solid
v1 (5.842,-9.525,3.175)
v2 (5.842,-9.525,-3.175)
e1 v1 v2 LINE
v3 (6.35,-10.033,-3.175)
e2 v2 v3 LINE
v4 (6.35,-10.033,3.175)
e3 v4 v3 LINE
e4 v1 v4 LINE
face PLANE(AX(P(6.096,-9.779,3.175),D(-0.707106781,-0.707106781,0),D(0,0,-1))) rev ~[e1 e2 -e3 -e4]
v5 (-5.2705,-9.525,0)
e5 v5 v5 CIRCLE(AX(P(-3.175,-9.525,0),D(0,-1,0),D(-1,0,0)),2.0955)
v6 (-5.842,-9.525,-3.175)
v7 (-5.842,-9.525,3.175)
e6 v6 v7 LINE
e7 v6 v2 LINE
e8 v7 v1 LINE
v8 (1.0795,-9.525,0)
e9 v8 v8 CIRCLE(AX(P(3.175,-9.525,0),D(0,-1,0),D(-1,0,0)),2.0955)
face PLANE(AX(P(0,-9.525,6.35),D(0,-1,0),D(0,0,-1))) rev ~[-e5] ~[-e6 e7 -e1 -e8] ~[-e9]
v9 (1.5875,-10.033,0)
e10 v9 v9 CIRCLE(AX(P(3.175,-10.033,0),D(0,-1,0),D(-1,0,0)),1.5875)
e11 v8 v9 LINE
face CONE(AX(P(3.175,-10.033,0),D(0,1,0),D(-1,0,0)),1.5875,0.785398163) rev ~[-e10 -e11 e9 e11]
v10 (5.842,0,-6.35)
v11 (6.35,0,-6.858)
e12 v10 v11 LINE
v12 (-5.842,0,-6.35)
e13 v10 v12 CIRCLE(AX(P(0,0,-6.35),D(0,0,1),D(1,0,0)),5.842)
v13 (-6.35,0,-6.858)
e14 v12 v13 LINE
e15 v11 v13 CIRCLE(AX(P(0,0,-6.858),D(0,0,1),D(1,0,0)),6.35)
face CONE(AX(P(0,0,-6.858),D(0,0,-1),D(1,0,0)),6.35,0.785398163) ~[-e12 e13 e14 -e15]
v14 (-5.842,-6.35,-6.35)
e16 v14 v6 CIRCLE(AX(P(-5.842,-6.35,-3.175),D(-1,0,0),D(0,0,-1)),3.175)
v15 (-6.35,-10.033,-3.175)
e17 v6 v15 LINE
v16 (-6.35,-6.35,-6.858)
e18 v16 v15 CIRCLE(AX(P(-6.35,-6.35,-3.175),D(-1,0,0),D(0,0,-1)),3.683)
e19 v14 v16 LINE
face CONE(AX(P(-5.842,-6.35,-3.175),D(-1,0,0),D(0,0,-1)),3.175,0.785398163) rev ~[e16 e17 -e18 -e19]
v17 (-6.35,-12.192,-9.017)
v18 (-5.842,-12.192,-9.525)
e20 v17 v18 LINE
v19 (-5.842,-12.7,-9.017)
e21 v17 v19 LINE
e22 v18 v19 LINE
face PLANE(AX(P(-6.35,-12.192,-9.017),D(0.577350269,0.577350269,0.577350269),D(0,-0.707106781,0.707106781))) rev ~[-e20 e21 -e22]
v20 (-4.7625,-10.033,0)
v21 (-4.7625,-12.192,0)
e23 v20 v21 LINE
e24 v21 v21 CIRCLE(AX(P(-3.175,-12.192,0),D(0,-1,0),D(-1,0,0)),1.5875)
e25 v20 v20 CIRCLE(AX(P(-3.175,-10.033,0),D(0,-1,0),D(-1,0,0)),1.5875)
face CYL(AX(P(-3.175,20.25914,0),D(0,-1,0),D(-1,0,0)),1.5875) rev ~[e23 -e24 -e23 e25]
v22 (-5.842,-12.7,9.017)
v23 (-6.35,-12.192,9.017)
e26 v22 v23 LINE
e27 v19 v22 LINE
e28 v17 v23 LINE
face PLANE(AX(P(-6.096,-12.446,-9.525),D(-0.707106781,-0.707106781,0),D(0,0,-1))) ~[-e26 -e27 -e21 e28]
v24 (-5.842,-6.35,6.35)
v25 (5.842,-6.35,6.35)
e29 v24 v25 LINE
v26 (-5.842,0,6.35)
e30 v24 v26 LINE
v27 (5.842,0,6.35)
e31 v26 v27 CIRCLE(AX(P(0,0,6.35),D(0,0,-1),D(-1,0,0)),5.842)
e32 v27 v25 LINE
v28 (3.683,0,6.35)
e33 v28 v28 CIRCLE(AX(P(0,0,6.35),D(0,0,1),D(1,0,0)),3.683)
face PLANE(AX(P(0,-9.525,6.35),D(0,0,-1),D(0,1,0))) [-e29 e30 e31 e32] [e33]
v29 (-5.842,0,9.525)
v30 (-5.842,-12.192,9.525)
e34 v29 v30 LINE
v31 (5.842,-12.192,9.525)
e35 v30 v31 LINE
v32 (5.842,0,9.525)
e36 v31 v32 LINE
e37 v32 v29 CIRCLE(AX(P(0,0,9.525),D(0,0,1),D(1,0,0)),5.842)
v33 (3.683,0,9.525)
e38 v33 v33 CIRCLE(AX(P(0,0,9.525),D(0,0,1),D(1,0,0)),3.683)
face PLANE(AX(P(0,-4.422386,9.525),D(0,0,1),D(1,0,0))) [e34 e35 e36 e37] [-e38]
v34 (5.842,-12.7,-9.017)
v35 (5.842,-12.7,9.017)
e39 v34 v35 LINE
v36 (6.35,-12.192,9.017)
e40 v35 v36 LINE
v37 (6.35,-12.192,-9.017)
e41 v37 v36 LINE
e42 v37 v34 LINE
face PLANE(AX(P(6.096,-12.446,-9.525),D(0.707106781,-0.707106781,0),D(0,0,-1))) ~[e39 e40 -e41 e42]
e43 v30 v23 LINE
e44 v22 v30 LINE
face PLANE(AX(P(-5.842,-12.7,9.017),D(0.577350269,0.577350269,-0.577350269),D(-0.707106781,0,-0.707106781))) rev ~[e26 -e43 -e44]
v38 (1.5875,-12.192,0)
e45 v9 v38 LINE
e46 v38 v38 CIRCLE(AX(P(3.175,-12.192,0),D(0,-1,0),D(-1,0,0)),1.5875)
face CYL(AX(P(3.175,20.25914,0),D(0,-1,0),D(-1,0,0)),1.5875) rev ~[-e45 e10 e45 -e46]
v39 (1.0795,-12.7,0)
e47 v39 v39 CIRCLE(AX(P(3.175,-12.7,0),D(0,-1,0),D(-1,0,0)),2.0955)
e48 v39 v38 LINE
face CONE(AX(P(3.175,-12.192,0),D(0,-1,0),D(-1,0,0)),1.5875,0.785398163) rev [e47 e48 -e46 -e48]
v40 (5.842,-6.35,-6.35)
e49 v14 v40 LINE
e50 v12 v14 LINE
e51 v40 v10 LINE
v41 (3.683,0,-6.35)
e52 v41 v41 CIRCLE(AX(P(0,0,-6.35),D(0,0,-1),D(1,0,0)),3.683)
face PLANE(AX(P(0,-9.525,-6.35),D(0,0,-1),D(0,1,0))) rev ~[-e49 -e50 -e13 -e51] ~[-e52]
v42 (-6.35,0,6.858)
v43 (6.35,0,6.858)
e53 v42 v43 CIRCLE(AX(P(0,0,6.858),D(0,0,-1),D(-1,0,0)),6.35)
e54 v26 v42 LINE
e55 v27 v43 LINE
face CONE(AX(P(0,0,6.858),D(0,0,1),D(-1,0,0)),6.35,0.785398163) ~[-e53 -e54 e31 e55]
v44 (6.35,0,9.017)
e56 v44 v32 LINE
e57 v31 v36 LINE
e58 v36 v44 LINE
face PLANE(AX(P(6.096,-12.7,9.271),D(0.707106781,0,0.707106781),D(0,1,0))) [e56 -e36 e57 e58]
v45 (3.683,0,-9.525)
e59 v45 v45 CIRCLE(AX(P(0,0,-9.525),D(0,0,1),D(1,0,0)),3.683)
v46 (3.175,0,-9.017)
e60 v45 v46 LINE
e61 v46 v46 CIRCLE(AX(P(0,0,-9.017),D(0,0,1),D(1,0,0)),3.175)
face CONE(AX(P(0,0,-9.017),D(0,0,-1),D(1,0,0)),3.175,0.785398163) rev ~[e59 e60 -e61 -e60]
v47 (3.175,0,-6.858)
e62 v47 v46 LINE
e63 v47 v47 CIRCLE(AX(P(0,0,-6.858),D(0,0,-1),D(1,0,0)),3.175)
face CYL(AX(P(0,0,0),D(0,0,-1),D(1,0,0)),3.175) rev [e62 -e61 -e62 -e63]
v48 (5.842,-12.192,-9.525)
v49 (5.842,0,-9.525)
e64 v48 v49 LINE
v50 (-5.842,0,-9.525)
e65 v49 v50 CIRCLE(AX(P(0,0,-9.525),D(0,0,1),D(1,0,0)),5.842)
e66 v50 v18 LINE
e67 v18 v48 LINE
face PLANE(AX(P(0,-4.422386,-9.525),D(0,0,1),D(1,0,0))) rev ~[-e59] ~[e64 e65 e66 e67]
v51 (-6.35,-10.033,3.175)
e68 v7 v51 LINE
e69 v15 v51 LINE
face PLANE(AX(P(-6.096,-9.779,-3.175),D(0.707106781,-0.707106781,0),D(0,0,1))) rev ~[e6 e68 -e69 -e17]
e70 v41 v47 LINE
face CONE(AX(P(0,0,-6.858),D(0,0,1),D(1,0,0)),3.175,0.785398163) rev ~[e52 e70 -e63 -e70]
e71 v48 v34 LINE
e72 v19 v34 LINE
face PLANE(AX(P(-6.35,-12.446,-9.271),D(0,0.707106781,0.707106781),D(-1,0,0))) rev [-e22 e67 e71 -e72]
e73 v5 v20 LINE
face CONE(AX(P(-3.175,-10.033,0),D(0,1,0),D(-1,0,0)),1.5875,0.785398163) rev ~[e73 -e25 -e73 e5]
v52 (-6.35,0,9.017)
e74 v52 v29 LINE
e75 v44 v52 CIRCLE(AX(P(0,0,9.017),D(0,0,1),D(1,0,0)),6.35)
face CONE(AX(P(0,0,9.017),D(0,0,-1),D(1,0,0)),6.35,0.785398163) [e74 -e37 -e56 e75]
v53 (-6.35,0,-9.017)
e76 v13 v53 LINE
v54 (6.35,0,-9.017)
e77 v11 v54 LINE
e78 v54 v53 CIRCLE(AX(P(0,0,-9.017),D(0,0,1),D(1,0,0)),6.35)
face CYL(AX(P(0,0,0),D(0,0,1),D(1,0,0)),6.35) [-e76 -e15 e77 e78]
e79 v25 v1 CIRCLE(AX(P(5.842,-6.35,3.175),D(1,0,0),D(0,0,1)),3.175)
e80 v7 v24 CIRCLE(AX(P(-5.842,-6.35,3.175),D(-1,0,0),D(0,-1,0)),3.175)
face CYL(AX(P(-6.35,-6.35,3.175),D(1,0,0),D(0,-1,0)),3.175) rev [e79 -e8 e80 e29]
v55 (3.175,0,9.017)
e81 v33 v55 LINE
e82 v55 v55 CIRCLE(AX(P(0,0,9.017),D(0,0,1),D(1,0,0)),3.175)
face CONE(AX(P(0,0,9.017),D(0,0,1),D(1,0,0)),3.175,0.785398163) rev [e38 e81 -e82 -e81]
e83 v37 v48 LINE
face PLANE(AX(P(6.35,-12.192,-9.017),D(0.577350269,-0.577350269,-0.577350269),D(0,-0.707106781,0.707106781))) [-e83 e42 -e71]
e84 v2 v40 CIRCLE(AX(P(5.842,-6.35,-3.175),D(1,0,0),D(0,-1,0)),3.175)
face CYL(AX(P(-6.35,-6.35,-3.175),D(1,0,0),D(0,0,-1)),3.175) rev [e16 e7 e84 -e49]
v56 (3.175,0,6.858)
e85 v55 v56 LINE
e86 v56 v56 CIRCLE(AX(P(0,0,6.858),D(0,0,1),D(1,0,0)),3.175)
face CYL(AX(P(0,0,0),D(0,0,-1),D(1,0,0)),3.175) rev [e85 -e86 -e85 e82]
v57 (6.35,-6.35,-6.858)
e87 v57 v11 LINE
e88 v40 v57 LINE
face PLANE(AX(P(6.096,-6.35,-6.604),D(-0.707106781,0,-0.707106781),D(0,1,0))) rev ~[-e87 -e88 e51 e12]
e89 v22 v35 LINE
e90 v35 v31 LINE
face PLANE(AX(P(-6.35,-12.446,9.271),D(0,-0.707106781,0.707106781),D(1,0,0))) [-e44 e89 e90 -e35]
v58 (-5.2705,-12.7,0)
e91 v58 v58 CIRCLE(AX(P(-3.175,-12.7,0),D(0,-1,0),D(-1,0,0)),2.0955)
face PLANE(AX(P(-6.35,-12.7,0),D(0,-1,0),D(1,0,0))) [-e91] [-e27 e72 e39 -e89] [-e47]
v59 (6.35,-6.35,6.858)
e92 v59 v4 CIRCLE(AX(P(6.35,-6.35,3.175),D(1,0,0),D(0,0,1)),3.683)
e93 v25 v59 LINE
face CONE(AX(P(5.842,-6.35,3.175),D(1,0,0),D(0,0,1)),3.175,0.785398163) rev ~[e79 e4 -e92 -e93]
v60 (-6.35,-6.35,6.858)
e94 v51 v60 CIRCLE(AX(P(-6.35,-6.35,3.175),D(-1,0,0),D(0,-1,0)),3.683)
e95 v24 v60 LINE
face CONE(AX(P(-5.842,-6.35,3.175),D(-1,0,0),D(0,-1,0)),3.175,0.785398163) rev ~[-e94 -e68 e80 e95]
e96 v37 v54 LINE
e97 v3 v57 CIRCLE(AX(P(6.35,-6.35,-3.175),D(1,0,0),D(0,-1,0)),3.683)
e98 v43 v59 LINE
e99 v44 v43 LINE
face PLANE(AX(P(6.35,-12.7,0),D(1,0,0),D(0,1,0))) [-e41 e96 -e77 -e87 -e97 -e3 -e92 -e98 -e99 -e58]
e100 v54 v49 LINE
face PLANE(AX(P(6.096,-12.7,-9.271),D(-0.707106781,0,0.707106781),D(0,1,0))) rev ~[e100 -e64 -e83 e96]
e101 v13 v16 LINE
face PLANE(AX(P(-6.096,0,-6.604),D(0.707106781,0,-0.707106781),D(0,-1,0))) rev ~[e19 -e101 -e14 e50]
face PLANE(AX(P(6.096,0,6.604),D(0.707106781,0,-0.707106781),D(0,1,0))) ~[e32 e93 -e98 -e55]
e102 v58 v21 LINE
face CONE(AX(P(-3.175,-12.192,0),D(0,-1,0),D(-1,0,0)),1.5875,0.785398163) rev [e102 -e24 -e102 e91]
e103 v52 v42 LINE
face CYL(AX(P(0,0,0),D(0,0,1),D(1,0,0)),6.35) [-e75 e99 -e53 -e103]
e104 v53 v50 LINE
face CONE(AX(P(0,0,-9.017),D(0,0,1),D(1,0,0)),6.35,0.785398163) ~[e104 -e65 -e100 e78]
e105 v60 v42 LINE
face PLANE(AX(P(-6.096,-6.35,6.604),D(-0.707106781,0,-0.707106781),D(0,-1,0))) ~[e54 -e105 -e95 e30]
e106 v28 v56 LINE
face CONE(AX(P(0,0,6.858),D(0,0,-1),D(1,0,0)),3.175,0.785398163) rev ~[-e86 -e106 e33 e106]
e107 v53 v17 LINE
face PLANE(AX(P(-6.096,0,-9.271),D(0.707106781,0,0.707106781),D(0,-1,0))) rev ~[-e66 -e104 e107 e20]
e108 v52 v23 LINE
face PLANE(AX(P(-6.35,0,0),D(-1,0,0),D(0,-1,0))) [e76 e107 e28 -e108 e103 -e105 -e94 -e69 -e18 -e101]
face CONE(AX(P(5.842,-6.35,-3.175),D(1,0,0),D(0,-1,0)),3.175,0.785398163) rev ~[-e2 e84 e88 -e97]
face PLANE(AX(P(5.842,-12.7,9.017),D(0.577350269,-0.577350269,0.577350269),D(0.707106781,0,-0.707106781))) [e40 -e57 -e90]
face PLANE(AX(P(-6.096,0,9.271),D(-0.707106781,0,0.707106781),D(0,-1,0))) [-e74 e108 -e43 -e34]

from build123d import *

# Parameters (mm, degrees)
SKETCH1_R                    = 3.175
BOSS_EXTRUDE1_DEPTH          = 9.525
SKETCH2_W                    = 12.7
SKETCH2_H                    = 15.875
CUT_EXTRUDE1_DEPTH           = 7.35
CUT_EXTRUDE1_DEPTH_BACK      = 7.35
F_1_8_0_125_DIAMETER_HOLE1_D = 3.175
FILLET2_R                    = 3.175
CHAMFER1_SIZE                = 0.508


with BuildPart() as part:
    # Sketch1 → Boss-Extrude1 (new body, symmetric)
    with BuildSketch(Plane.XY):
        with BuildLine():
            Line((-6.35, 0), (-6.35, -12.7))
            Line((-6.35, -12.7), (6.35, -12.7))
            Line((6.35, -12.7), (6.35, 0))
            ThreePointArc((6.35, 0), (0, 6.35), (-6.35, 0))
        make_face()
        Circle(SKETCH1_R, mode=Mode.SUBTRACT)
    extrude(amount=BOSS_EXTRUDE1_DEPTH, both=True)

    # Sketch2 → Cut-Extrude1 (cut, two sides)
    with BuildSketch(Plane(origin=(0, 0, 0), x_dir=(0, 0, -1), z_dir=(1, 0, 0))) as cut_extrude1_sk:
        with Locations((0, -1.5875)):
            Rectangle(SKETCH2_W, SKETCH2_H)
    extrude(amount=CUT_EXTRUDE1_DEPTH, mode=Mode.SUBTRACT)
    extrude(cut_extrude1_sk.sketch, amount=-CUT_EXTRUDE1_DEPTH_BACK, mode=Mode.SUBTRACT)

    # 1/8 (0.125) Diameter Hole1 (through all)
    with Locations(Plane(origin=(0, -9.525, 0), x_dir=(1, 0, 0), z_dir=(0, 1, 0))):
        with Locations((-3.175, 0), (3.175, 0)):
            Hole(F_1_8_0_125_DIAMETER_HOLE1_D / 2)

    # Fillet2
    fillet2_edges = [part.edges().sort_by_distance(p)[0] for p in [
        (0, -9.525, 6.35),
        (0, -9.525, -6.35),
    ]]
    fillet(fillet2_edges, radius=FILLET2_R)

    # Chamfer1
    chamfer1_edges = [part.edges().sort_by_distance(p)[0] for p in [
        (-6.35, -6.35, 9.525),
        (-3.175, 0, -9.525),
        (-3.175, 0, 9.525),
        (0, -12.7, 9.525),
        (0, 6.35, 6.35),
        (-6.35, -3.175, 6.35),
        (-3.175, 0, 6.35),
        (-3.175, 0, -6.35),
        (6.35, -3.175, -6.35),
        (0, 6.35, -6.35),
        (-6.35, -3.175, -6.35),
        (6.35, -3.175, 6.35),
        (6.35, -6.35, 9.525),
        (0, -12.7, -9.525),
        (4.7625, -9.525, 0),
        (4.7625, -12.7, 0),
        (-6.35, -6.35, -9.525),
        (-1.5875, -9.525, 0),
        (-1.5875, -12.7, 0),
        (0, 6.35, -9.525),
        (-6.35, -9.525, 0),
        (6.35, -9.525, 0),
        (6.35, -6.35, -9.525),
        (6.35, -8.59506403, -5.42006403),
        (-6.35, -8.59506403, -5.42006403),
        (6.35, -8.59506403, 5.42006403),
        (-6.35, -8.59506403, 5.42006403),
        (0, 6.35, 9.525),
        (6.35, -12.7, 0),
        (-6.35, -12.7, 0),
    ]]
    chamfer(chamfer1_edges, length=CHAMFER1_SIZE)


solid = part.part
